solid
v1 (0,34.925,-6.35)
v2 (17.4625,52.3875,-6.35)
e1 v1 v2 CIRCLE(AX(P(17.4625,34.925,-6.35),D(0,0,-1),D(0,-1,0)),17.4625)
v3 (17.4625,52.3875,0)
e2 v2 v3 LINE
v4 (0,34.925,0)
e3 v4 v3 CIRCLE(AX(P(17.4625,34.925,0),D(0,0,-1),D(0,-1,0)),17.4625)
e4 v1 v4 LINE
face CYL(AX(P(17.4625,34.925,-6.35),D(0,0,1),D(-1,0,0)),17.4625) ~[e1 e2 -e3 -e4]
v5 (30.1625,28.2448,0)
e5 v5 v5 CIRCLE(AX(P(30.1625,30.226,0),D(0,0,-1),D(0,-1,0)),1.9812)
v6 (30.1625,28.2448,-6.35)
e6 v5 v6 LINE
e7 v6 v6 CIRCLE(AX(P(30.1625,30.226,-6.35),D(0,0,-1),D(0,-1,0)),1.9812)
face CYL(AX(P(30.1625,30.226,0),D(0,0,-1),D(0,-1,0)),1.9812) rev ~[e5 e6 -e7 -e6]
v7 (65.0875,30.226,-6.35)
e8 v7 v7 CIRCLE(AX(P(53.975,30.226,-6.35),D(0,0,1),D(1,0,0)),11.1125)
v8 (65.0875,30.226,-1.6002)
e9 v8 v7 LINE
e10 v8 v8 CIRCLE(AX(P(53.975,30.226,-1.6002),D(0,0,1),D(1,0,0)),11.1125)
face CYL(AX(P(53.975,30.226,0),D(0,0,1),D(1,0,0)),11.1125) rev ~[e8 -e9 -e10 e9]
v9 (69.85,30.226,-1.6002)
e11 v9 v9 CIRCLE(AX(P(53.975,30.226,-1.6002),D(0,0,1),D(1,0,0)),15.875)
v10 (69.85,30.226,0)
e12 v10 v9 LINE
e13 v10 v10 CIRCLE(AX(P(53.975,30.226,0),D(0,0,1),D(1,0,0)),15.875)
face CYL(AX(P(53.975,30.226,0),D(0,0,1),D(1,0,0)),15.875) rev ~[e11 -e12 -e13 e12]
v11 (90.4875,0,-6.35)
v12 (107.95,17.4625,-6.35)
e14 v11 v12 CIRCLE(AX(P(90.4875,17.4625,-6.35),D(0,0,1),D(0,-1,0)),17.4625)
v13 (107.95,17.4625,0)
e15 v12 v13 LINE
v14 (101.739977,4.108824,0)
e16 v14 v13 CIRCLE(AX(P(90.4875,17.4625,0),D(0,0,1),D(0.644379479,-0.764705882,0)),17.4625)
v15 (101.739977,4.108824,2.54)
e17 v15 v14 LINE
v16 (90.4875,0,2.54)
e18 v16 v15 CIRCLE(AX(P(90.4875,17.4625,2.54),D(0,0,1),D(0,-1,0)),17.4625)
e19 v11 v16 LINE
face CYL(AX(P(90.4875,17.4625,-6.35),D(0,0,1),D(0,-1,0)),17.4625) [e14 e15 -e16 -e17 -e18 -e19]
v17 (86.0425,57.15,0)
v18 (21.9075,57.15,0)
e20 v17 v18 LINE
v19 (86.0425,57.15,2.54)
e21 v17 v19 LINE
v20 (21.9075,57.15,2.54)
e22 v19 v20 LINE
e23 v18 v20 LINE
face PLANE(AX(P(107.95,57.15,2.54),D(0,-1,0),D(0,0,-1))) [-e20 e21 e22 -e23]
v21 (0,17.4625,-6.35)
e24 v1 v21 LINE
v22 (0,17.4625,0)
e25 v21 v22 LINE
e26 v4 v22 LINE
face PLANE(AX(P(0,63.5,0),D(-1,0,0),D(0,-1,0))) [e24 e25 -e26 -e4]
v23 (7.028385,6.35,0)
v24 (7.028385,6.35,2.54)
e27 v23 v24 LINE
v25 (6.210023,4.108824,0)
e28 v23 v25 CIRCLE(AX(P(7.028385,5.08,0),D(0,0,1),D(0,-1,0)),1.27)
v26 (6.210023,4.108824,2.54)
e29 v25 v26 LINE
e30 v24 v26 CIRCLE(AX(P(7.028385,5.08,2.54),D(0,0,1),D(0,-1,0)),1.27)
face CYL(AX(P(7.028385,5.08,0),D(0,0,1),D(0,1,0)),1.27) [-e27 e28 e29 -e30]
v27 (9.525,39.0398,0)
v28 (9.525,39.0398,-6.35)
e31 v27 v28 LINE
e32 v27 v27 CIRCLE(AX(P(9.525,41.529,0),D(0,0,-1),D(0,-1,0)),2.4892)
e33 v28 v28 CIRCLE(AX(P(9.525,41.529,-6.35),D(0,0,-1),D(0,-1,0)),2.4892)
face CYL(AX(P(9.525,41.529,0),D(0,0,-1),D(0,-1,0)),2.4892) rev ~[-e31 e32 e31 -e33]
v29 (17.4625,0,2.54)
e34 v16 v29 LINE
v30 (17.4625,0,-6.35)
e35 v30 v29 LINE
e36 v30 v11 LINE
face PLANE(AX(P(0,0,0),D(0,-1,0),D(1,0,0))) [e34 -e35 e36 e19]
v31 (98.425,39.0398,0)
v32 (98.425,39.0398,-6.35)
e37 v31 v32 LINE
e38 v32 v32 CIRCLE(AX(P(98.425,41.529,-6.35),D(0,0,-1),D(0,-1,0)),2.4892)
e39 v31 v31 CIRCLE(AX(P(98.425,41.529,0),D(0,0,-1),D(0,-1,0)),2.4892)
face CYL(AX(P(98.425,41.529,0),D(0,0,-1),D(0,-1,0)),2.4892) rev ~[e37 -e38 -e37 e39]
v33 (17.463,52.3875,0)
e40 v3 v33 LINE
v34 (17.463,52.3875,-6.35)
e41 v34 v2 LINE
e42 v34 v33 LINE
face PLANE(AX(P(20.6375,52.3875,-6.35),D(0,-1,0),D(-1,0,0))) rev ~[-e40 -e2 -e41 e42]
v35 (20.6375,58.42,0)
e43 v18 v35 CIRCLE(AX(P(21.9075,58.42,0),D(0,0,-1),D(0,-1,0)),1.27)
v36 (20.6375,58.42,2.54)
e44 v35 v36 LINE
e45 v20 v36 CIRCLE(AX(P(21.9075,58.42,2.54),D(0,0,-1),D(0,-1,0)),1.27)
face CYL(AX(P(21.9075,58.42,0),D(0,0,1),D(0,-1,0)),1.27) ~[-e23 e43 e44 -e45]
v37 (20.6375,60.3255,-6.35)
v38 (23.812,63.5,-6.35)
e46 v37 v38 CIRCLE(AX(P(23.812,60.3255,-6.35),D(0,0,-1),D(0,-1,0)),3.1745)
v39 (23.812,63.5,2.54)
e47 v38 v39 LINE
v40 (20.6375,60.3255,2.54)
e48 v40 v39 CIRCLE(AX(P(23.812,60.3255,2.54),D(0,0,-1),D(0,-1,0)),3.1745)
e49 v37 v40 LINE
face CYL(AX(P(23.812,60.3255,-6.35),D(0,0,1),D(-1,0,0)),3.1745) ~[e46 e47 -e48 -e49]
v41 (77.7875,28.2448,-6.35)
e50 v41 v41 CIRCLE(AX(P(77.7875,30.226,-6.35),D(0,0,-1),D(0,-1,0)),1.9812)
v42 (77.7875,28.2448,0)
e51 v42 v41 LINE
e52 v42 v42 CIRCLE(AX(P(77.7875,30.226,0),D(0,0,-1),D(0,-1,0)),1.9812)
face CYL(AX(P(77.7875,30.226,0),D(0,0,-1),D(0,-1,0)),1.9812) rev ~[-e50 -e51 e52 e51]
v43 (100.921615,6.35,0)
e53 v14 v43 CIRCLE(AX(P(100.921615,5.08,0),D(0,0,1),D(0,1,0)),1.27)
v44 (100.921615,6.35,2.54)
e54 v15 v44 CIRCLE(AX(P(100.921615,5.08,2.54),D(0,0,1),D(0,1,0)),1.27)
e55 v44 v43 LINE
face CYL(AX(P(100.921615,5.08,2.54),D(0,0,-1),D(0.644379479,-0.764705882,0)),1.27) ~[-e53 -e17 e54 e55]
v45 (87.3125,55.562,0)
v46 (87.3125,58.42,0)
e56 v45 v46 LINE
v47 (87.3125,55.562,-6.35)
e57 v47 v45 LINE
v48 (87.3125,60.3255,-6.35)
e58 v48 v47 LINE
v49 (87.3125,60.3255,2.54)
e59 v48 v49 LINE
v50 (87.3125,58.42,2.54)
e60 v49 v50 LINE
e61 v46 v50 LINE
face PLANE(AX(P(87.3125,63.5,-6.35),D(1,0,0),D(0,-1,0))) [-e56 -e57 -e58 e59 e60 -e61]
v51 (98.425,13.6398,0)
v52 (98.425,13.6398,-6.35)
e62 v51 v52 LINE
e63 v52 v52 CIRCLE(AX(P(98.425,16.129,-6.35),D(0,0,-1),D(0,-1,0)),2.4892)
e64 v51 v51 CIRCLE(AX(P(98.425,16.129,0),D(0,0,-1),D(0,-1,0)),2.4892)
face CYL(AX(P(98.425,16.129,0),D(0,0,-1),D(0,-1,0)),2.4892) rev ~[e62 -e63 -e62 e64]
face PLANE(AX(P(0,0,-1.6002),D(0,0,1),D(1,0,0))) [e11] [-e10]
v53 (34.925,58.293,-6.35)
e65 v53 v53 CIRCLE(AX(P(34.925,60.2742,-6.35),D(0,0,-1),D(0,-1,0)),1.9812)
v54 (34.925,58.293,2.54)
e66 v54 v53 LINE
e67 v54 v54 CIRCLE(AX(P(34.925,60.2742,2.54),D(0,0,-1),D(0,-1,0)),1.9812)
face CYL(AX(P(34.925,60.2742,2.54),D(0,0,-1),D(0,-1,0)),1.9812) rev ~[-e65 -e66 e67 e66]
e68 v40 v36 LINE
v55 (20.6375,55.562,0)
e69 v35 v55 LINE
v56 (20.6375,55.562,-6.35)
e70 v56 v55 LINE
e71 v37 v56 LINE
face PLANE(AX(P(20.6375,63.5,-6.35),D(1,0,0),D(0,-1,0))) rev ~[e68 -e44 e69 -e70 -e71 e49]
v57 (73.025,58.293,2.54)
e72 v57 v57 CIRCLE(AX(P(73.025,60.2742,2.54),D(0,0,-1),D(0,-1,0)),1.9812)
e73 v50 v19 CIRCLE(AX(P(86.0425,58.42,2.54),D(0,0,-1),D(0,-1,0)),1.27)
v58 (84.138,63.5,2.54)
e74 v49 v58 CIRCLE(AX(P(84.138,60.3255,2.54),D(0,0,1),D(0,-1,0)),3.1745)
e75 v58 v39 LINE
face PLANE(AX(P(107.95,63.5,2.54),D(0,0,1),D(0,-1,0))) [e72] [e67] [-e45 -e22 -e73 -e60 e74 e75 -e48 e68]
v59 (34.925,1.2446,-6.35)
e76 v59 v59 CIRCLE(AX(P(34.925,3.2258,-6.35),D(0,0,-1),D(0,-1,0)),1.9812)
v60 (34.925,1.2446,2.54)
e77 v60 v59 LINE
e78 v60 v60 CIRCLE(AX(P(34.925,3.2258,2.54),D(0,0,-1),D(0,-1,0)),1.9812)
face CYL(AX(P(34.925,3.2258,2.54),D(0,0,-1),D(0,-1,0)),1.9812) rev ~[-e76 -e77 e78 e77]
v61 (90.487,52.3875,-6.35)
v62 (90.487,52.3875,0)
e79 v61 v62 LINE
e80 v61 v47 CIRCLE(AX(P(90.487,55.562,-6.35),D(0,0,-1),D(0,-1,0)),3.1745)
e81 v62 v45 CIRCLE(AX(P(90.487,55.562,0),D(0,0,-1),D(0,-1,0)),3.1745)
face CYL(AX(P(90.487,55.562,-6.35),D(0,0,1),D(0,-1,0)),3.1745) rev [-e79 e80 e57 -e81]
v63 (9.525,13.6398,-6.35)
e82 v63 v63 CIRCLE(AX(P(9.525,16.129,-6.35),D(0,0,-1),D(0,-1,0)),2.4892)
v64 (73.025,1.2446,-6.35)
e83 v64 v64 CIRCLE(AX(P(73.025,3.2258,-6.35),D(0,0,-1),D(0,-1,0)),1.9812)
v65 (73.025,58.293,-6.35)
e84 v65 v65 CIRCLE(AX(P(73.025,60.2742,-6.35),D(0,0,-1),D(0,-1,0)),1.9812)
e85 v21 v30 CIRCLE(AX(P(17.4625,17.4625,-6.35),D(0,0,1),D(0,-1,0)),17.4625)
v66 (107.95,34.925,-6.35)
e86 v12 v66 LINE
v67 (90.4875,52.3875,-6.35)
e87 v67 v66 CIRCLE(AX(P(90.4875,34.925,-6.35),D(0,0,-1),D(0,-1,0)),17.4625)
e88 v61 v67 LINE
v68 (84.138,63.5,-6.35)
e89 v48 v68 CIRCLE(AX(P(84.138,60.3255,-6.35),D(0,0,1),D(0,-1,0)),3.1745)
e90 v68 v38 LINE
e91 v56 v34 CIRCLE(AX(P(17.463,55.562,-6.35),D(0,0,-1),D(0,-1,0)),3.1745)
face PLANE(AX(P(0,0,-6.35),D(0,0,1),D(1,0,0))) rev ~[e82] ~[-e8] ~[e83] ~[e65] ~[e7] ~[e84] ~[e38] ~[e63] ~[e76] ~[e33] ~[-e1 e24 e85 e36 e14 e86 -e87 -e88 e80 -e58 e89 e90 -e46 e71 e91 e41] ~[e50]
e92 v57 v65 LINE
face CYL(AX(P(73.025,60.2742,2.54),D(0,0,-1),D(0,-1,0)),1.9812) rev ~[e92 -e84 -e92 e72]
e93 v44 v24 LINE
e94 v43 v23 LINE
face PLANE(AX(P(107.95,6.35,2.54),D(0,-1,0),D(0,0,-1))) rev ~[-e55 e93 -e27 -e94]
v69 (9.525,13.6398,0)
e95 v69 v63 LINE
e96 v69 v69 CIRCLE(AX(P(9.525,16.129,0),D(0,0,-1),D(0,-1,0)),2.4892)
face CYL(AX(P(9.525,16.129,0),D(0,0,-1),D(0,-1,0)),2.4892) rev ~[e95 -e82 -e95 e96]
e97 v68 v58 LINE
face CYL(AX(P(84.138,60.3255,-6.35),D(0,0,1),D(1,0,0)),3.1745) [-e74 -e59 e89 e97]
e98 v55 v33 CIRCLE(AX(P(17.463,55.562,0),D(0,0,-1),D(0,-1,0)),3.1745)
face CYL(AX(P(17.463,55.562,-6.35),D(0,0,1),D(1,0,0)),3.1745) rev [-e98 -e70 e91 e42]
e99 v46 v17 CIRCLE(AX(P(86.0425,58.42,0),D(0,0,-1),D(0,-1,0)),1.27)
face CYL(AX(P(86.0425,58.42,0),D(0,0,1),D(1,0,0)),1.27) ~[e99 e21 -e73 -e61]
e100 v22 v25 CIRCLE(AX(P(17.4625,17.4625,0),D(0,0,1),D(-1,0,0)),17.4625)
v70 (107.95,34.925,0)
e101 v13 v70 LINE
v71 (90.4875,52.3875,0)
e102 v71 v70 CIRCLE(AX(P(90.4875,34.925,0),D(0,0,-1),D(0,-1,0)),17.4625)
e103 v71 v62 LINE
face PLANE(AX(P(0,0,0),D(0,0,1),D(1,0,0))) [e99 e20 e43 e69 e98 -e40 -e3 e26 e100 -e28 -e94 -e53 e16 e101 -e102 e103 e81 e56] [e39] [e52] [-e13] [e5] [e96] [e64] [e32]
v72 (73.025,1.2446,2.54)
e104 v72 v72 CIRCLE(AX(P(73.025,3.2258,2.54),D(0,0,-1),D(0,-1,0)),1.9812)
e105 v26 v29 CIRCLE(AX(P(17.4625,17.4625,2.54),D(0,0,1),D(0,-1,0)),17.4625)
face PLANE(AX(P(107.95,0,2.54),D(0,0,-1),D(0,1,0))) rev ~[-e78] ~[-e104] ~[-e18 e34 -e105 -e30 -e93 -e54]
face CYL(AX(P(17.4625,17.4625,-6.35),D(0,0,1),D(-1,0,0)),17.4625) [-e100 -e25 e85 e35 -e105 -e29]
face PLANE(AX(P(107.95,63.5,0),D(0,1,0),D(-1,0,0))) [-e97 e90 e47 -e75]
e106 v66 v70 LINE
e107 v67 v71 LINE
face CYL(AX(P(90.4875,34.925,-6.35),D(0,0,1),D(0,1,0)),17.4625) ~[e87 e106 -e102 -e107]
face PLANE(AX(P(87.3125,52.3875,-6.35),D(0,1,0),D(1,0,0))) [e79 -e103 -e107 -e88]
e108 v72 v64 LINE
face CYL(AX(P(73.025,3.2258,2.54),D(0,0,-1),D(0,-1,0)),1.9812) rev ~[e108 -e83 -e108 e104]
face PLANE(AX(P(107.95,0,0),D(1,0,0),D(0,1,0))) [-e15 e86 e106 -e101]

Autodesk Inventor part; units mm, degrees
ref_plane "YZ Plane" through (0, 0, 0) normal (1, 0, 0) x (0, 1, 0)
ref_plane "XZ Plane" through (0, 0, 0) normal (0, 1, 0) x (-1, 0, 0)
ref_plane "XY Plane" through (0, 0, 0) normal (0, 0, 1) x (1, 0, 0)
sketch "Sketch1" plane through (0, 0, 0) normal (0, 0, 1) x (1, 0, 0)
  line L0 (0, 0) -> (107.95, 0)
  line L1 (107.95, 0) -> (107.95, 63.5)
  line L2 (107.95, 63.5) -> (0, 63.5)
  line L3 (0, 63.5) -> (0, 0)
  circle A0 centre (53.975, 30.226) radius 11.1125
  point P0 (9.525, 16.129)
  point P1 (9.525, 41.529)
  point P2 (98.425, 41.529)
  point P3 (98.425, 16.129)
  dimension "d0" = 107.95
  dimension "d1" = 63.5
  dimension "d2" = 22.225
  dimension "d3" = 30.226
  dimension "d4" = 53.975
  dimension "d5" = 16.129
  dimension "d7" = 21.971
  dimension "d53" = 44.45
  dimension "d54" = 44.45
  dimension "d55" = 25.4
extrude "Extrusion1" add sketch "Sketch1" against normal blind 6.35
hole "Hole1" at (9.525, 16.129, 0) at (9.525, 41.529, 0) at (98.425, 41.529, 0) at (98.425, 16.129, 0) direction (0, 0, -1) diameter 4.9784 end through all thread size "1/4-20 UNC" class "2B" standard "ANSI Unified Screw Threads"
sketch "Sketch2" plane through (107.95, 0, 0) normal (1, 0, 0) x (0, 0, -1)
  line L0 (0, 0) -> (-2.54, 0)
  line L1 (-2.54, 0) -> (-2.54, 6.35)
  line L2 (-2.54, 6.35) -> (0, 6.35)
  line L3 (0, 6.35) -> (0, 0)
  line L4 (0, 63.5) -> (0, 0) projected
  line L5 (0, 63.5) -> (-2.54, 63.5)
  line L6 (-2.54, 63.5) -> (-2.54, 57.15)
  line L7 (-2.54, 57.15) -> (0, 57.15)
  line L8 (0, 57.15) -> (0, 63.5)
  dimension "d18" = 2.54
  dimension "d19" = 6.35
  dimension "d20" = 2.54
  dimension "d21" = 6.35
extrude "Extrusion2" add sketch "Sketch2" against normal up to surface (107.95 mm away)
sketch "Sketch3" plane through (0, 0, -6.35) normal (0, 0, -1) x (-1, 0, 0)
  line L0 (-107.95, 63.5) -> (-87.3125, 63.5)
  line L1 (-87.3125, 63.5) -> (-87.3125, 52.3875)
  line L2 (-87.3125, 52.3875) -> (-107.95, 52.3875)
  line L3 (-107.95, 52.3875) -> (-107.95, 63.5)
  line L4 (0, 0) -> (0, 63.5) projected
  line L5 (0, 63.5) -> (-20.6375, 63.5)
  line L6 (-20.6375, 63.5) -> (-20.6375, 52.3875)
  line L7 (-20.6375, 52.3875) -> (0, 52.3875)
  line L8 (0, 52.3875) -> (0, 63.5)
  dimension "d24" = 20.6375
  dimension "d25" = 11.1125
  dimension "d26" = 20.6375
  dimension "d27" = 11.1125
extrude "Extrusion3" cut sketch "Sketch3" against normal up to surface (8.89 mm away)
fillet "Fillet1" radius 17.4625 4 edges at (0, 0, -1.905) (107.95, 0, -1.905) (107.95, 52.3875, -3.175) (0, 52.3875, -3.175)
fillet "Fillet3" radius 3.175 4 edges at (87.3125, 52.3875, -3.175) (20.6375, 52.3875, -3.175) (87.3125, 63.5, -1.905) (20.6375, 63.5, -1.905)
sketch "Sketch4" plane through (20.6375, 57.15, 2.54) normal (0, 0, 1) x (1, 0, 0)
  circle A0 centre (33.3375, -26.924) radius 11.1125 projected
  line L0 (66.675, 0) -> (0, 0) projected
  line L1 (83.3204, -50.8) -> (-16.6454, -50.8) projected
  point P0 (-20.6375, -57.15)
  point P1 (14.2875, 3.1242)
  point P2 (52.3875, 3.1242)
  point P3 (14.2875, -53.9242)
  point P4 (52.3875, -53.9242)
  dimension "d33" = 19.05
  dimension "d34" = 19.05
  dimension "d35" = 3.1242
  dimension "d36" = 3.1242
hole "Hole2" at (34.925, 60.2742, 2.54) at (73.025, 60.2742, 2.54) at (34.925, 3.2258, 2.54) at (73.025, 3.2258, 2.54) direction (0, 0, -1) diameter 3.9624 end through all thread size "10-32 UNF" class "2B" standard "ANSI Unified Screw Threads"
sketch "Sketch5" plane through (0, 0, 0) normal (0, 0, 1) x (1, 0, 0)
  circle A0 centre (53.975, 30.226) radius 11.1125 projected
  point P0 (0, 0)
  point P1 (30.1625, 30.226)
  point P2 (77.7875, 30.226)
  dimension "d44" = 23.8125
  dimension "d45" = 23.8125
hole "Hole3" at (30.1625, 30.226, 0) at (77.7875, 30.226, 0) direction (0, 0, -1) diameter 3.9624 end through all thread size "10-32 UNF" class "2B" standard "ANSI Unified Screw Threads"
fillet "Fillet4" radius 1.27 4 edges at (103.9579, 6.35, 1.27) (3.9921, 6.35, 1.27) (87.3125, 57.15, 1.27) (20.6375, 57.15, 1.27)
sketch "Sketch7" plane through (0, 0, 0) normal (0, 0, 1) x (1, 0, 0)
  circle A0 centre (53.975, 30.226) radius 11.1125 projected
  circle A1 centre (53.975, 30.226) radius 15.875
  point P0 (0, 0)
  dimension "d58" = 31.75
extrude "Extrusion4" cut sketch "Sketch7" against normal blind 1.6002
equation "\"d4\" = 0.5 * d0"
equation "\"d54\" = d53"
equation "\"d20\" = d18"
equation "\"d34\" = d33"
equation "\"d45\" = d44"
properties part number "Ball Shifter plate" material "Aluminum 6061"
